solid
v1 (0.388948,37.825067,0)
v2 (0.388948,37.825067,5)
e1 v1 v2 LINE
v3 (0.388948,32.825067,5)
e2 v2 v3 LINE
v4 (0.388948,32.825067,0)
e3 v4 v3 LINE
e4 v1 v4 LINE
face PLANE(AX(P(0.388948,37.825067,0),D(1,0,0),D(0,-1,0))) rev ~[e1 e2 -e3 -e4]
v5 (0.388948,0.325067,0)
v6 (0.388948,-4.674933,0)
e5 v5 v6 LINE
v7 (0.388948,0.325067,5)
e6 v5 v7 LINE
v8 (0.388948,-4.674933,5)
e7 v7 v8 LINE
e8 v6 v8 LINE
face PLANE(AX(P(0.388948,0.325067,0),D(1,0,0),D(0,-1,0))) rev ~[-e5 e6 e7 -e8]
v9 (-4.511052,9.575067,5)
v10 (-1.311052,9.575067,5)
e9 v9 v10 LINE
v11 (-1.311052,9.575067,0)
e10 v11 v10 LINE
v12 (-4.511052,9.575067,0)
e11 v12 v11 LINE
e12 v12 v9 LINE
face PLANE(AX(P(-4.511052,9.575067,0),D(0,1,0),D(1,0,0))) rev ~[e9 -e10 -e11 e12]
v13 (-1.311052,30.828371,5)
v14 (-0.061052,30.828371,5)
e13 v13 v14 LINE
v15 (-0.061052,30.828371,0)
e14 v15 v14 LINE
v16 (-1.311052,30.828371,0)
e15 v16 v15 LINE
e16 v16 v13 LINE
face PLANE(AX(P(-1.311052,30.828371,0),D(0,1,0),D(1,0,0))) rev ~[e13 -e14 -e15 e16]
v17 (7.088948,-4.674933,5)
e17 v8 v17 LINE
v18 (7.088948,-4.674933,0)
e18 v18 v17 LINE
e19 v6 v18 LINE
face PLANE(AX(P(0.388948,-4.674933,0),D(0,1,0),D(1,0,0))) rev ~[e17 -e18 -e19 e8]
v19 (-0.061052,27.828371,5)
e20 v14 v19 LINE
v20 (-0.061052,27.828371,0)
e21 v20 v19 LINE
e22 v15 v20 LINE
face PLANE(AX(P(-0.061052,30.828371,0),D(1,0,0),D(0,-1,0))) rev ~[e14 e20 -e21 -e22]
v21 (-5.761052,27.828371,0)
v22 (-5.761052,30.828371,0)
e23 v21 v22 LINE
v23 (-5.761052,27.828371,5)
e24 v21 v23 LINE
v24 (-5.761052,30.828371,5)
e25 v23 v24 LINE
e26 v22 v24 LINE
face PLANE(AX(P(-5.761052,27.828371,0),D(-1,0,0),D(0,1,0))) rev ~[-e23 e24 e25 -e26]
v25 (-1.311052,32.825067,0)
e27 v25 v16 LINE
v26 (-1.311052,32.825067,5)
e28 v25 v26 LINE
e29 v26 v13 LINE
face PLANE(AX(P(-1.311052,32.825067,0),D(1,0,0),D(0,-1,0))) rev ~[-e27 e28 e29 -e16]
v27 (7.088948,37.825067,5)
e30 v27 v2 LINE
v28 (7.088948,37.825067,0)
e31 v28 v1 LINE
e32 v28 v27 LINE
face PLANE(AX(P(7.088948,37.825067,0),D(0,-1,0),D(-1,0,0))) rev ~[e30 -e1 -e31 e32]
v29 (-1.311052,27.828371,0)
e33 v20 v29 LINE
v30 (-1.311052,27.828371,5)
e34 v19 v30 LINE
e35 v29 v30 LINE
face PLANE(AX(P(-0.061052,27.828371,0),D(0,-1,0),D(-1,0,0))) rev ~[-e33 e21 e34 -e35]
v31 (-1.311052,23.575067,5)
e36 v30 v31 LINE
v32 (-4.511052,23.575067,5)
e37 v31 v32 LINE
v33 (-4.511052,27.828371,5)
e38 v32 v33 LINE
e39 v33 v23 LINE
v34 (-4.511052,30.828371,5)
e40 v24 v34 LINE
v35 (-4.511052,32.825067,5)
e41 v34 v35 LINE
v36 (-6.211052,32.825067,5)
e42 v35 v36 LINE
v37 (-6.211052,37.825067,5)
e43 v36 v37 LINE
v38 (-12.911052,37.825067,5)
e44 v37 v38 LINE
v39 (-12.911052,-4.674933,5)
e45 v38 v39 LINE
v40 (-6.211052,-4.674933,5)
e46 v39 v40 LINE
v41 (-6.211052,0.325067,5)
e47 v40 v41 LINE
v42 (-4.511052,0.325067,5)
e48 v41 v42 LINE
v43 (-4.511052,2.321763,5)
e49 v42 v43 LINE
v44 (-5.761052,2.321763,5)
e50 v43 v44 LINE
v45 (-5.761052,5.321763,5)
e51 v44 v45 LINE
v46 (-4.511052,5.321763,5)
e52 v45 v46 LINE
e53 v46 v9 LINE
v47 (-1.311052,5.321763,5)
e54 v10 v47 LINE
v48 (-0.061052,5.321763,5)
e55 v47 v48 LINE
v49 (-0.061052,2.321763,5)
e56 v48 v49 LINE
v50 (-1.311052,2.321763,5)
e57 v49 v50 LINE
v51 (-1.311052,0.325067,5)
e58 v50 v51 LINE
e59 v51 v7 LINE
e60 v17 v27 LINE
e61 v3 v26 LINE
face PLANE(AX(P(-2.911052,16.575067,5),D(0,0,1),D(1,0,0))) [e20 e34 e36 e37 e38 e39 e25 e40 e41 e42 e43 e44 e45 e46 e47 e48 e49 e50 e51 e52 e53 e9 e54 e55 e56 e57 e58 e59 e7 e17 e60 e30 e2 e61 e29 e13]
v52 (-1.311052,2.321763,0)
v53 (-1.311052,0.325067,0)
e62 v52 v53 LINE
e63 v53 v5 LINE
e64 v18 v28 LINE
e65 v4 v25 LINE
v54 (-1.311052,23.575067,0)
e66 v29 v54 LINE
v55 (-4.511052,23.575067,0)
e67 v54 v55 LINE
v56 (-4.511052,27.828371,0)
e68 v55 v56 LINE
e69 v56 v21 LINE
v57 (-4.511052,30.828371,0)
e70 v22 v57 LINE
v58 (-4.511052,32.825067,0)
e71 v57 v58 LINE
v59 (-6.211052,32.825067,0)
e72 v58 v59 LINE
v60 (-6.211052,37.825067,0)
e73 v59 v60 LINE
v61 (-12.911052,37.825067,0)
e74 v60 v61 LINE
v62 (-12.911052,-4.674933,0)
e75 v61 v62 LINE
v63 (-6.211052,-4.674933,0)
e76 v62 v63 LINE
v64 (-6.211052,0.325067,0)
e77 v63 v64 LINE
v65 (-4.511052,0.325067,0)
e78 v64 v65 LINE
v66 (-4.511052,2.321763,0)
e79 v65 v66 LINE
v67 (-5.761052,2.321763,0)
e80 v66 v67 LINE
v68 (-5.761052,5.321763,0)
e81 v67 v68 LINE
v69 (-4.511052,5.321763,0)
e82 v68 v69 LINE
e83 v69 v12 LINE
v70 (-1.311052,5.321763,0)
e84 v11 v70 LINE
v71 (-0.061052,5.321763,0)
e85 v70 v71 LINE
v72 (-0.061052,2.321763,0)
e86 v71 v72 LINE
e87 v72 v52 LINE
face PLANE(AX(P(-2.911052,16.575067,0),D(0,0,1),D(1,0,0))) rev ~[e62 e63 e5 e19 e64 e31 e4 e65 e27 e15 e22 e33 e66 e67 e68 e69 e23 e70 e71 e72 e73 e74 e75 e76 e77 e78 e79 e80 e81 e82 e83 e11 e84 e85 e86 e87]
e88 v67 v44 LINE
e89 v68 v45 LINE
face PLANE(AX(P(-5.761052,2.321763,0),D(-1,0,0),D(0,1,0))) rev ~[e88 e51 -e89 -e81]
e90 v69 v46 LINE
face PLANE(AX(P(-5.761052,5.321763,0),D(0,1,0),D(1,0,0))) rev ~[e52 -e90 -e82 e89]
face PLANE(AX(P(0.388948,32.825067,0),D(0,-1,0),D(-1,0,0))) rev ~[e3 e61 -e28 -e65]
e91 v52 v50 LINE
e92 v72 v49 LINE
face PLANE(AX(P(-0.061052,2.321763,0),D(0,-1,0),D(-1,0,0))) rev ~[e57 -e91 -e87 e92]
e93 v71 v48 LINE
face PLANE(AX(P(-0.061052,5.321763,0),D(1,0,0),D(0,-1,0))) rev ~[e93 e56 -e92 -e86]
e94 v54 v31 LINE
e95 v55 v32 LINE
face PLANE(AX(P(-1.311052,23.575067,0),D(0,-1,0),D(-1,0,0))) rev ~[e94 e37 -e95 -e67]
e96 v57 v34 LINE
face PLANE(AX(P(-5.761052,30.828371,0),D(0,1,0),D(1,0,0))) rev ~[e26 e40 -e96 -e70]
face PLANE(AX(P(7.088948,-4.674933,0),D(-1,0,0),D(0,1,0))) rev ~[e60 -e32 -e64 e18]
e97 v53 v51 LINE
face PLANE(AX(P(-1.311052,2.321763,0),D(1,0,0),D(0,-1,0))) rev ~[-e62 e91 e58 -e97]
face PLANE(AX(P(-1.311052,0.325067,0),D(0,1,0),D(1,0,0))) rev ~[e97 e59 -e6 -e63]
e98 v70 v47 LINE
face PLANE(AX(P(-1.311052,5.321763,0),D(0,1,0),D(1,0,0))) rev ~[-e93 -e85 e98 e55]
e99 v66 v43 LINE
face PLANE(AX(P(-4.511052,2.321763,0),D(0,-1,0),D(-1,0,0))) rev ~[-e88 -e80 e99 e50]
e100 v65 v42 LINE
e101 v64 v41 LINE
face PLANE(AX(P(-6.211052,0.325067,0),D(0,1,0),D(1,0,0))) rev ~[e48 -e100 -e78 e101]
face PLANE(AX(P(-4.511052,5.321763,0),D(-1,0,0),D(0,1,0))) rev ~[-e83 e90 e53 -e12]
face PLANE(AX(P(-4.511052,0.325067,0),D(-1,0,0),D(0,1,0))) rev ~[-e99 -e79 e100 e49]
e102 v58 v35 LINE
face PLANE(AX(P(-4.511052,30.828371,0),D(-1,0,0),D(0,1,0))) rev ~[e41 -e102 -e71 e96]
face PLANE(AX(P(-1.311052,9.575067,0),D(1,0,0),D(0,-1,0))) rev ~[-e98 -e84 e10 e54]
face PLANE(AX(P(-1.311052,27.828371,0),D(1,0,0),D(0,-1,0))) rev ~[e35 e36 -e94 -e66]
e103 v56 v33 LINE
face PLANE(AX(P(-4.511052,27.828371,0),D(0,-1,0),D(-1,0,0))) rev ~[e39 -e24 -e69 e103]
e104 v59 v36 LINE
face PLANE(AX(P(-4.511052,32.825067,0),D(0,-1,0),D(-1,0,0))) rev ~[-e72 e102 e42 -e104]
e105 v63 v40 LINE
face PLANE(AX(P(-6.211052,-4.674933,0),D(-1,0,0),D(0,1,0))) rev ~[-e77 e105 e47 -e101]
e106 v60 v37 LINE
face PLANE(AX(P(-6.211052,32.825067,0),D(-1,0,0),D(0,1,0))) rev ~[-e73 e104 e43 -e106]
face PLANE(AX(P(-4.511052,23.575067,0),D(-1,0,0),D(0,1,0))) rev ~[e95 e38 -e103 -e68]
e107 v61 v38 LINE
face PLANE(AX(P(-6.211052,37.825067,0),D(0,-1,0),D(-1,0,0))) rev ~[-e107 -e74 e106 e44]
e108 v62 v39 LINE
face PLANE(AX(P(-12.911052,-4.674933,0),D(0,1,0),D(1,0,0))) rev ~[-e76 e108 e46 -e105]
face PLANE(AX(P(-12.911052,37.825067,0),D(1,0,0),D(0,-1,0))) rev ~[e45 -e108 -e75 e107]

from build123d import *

# Parameters (mm, degrees)
BOSS_EXTRU_1_DEPTH = 5


with BuildPart() as part:
    # Esquisse1 → Boss.-Extru.1 (new body)
    with BuildSketch(Plane.XY):
        Polygon((-12.911051911, 37.825067336), (-12.911051911, -4.674932664), (-6.211051911, -4.674932664), (-6.211051911, 0.325067336), (-4.511051911, 0.325067336), (-4.511051911, 2.321763371), (-5.761051911, 2.321763371), (-5.761051911, 5.321763371), (-4.511051911, 5.321763371), (-4.511051911, 9.575067336), (-1.311051911, 9.575067336), (-1.311051911, 5.321763371), (-0.061051911, 5.321763371), (-0.061051911, 2.321763371), (-1.311051911, 2.321763371), (-1.311051911, 0.325067336), (0.388948089, 0.325067336), (0.388948089, -4.674932664), (7.088948089, -4.674932664), (7.088948089, 37.825067336), (0.388948089, 37.825067336), (0.388948089, 32.825067336), (-1.311051911, 32.825067336), (-1.311051911, 30.828371301), (-0.061051911, 30.828371301), (-0.061051911, 27.828371301), (-1.311051911, 27.828371301), (-1.311051911, 23.575067336), (-4.511051911, 23.575067336), (-4.511051911, 27.828371301), (-5.761051911, 27.828371301), (-5.761051911, 30.828371301), (-4.511051911, 30.828371301), (-4.511051911, 32.825067336), (-6.211051911, 32.825067336), (-6.211051911, 37.825067336), align=None)
    extrude(amount=BOSS_EXTRU_1_DEPTH)


solid = part.part
